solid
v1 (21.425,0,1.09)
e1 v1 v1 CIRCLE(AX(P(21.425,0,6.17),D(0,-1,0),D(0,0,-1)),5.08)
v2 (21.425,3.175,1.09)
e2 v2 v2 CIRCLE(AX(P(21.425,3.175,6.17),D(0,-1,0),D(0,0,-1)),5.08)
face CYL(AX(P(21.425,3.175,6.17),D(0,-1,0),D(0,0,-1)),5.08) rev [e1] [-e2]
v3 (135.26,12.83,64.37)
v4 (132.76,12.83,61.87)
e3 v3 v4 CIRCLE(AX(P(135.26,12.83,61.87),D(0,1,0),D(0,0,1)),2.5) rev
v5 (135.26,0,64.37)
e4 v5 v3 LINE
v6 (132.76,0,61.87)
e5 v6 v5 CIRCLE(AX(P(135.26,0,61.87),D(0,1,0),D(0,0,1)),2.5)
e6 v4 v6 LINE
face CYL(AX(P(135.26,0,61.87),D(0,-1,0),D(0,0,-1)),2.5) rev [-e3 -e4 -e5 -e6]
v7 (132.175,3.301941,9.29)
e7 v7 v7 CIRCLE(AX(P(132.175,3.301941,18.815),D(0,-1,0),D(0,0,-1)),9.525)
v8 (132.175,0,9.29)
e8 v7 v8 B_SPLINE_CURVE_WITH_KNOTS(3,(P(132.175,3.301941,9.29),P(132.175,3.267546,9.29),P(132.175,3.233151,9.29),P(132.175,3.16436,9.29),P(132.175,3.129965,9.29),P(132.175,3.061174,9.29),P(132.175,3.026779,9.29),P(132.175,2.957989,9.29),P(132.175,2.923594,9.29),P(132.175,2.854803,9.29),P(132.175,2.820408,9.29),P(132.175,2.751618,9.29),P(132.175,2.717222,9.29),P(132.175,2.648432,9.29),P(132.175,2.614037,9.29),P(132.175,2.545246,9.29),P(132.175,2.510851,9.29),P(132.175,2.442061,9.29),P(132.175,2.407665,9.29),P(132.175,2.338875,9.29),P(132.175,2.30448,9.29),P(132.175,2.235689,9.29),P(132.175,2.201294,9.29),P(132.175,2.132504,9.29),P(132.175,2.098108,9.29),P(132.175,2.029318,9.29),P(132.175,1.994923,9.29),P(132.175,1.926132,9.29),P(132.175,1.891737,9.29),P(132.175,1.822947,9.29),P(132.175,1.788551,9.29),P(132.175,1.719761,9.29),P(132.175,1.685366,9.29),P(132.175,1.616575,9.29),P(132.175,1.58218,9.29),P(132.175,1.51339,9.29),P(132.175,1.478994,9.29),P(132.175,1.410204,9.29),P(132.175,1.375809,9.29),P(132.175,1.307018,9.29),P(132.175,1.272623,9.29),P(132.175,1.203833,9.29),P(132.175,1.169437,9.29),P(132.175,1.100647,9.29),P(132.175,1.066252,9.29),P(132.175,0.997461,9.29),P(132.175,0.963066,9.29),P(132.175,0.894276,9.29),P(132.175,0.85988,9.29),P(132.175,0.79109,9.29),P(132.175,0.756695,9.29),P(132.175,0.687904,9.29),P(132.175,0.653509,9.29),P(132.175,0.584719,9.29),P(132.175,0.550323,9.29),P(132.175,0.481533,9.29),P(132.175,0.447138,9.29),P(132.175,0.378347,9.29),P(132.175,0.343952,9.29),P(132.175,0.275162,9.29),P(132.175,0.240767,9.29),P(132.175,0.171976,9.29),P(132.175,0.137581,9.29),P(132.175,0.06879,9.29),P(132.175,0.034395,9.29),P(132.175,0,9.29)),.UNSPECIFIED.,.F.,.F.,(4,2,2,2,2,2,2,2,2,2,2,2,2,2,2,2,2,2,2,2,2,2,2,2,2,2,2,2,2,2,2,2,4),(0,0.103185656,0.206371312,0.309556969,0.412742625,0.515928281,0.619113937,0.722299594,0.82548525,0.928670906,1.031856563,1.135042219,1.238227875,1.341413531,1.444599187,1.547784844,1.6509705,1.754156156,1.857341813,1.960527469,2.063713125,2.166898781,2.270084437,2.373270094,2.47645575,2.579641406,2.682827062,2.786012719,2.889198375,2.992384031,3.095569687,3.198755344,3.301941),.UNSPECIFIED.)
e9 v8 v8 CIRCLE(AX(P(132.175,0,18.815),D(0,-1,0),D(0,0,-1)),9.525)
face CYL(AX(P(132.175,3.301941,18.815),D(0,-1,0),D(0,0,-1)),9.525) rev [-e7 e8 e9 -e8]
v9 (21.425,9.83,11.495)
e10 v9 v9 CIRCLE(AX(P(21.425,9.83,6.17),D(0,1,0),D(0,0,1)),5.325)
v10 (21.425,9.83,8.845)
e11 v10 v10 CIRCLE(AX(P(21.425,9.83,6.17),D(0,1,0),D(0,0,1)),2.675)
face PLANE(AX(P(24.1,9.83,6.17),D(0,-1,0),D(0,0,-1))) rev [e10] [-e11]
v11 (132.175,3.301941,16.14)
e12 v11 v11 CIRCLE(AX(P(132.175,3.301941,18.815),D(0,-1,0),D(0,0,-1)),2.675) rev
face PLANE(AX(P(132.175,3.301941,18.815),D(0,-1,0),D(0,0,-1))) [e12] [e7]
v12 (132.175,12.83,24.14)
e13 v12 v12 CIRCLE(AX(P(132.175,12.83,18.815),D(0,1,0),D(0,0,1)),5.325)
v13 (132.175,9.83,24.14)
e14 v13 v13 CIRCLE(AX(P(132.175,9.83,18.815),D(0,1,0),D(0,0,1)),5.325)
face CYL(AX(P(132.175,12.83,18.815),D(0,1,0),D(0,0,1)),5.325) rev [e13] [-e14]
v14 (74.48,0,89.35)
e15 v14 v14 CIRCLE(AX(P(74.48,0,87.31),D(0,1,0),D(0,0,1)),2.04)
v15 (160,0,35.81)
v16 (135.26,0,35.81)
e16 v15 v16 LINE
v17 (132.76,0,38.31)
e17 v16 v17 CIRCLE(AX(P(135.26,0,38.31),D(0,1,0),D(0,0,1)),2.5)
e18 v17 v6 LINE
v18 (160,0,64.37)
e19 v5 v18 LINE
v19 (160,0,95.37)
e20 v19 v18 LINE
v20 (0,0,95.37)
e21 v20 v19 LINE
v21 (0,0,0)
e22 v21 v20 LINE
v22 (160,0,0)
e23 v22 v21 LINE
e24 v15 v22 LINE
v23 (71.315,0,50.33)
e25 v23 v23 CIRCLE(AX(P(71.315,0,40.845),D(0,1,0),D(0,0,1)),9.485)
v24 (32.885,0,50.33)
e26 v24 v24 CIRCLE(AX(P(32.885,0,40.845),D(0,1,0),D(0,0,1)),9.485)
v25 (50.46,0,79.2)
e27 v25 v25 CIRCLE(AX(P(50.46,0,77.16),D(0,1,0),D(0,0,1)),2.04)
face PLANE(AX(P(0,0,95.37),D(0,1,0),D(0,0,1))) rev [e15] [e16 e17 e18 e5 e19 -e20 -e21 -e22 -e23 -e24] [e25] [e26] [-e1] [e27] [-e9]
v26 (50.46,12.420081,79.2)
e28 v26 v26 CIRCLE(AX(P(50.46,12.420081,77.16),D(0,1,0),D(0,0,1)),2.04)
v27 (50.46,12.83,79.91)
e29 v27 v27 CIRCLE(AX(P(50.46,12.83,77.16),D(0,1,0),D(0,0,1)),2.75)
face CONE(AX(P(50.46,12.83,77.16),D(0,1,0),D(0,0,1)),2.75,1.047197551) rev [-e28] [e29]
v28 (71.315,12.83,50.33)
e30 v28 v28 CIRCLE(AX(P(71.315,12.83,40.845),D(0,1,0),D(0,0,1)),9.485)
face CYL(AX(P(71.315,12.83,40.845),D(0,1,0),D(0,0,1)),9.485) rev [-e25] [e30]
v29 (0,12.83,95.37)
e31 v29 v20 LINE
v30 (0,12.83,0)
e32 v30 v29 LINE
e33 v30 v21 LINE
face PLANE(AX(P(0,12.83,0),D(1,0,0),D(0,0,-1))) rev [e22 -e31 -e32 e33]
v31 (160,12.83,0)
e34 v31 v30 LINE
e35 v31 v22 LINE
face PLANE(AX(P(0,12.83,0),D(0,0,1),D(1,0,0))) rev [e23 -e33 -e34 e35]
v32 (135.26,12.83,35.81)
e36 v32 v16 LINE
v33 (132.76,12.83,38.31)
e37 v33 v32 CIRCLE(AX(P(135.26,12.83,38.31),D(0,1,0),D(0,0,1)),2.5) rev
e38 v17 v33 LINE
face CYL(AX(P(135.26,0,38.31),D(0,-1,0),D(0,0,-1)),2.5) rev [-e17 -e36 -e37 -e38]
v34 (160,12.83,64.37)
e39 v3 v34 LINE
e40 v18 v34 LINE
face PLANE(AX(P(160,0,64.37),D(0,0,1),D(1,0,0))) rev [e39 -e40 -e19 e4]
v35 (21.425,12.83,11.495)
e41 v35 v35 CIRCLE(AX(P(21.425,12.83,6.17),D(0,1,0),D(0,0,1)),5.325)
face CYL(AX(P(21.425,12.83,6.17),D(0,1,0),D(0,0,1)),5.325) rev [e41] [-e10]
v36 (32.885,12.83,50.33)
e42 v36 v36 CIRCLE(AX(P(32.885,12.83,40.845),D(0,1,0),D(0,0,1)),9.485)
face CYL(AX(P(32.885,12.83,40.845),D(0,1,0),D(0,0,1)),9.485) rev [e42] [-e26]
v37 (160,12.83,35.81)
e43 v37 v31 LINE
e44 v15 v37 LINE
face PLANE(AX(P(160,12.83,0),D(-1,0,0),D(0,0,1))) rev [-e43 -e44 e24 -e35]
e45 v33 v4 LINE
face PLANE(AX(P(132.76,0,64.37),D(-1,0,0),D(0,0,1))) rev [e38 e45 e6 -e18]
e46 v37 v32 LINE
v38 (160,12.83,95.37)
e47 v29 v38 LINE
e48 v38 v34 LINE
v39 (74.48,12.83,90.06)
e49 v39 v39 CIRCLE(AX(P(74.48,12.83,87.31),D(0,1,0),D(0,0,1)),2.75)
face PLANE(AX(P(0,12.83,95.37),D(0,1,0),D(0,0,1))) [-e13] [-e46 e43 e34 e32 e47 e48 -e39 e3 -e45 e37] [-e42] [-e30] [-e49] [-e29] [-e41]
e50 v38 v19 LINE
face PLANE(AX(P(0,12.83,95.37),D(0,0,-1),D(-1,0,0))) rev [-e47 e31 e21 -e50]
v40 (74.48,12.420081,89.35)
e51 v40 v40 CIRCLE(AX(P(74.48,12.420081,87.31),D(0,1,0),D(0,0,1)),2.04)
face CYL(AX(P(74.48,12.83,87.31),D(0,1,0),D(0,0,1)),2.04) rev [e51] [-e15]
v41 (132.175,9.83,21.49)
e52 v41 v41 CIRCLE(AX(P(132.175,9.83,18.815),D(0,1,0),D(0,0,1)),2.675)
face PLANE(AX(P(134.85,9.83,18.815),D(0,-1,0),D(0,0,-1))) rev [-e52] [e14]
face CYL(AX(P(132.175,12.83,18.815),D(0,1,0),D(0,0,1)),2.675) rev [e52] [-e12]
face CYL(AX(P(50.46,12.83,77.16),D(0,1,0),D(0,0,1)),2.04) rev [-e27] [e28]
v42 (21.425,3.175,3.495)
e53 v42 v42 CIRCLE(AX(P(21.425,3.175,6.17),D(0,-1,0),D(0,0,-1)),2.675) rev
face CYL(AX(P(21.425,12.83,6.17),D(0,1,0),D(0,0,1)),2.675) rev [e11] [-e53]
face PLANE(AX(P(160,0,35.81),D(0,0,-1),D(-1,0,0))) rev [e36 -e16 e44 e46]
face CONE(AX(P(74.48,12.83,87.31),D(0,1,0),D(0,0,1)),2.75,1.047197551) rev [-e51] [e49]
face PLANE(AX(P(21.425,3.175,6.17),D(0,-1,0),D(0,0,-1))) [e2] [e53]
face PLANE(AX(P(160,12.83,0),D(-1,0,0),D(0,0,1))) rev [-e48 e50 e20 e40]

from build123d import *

# Parameters (mm, degrees)
SKETCH1_W           = 160
SKETCH1_H           = 95.37
BOSS_EXTRUDE3_DEPTH = 12.83
HOLE1_D             = 18.97
SKETCH4_W           = 27.24
SKETCH4_H           = 28.56
CUT_EXTRUDE1_DEPTH  = 187.708451335
FILLET1_R           = 2.5
HOLE2_D             = 5.35
HOLE2_CBORE_D       = 10.65
HOLE2_CBORE_DEPTH   = 3
HOLE3_D             = 4.08
HOLE3_CSINK_D       = 5.5
HOLE3_CSINK_ANGLE   = 120
SKETCH10_R          = 9.525
CUT_EXTRUDE2_DEPTH  = 3.301941
SKETCH11_R          = 5.08
CUT_EXTRUDE3_DEPTH  = 3.175


with BuildPart() as part:
    # Sketch1 → Boss-Extrude3 (new body)
    with BuildSketch(Plane(origin=(0, 0, 0), x_dir=(1, 0, 0), z_dir=(0, 1, 0))):
        with Locations((80, -47.685)):
            Rectangle(SKETCH1_W, SKETCH1_H)
    extrude(amount=BOSS_EXTRUDE3_DEPTH)

    # Hole1 (through all)
    with Locations(Plane(origin=(0, 12.83, 0), x_dir=(-1, 0, 0), z_dir=(0, 1, 0))):
        with Locations((-32.885, 40.845), (-71.315, 40.845)):
            Hole(HOLE1_D / 2)

    # Sketch4 → Cut-Extrude1 (cut, through all)
    with BuildSketch(Plane(origin=(0, 12.83, 0), x_dir=(-1, 0, 0), z_dir=(0, 1, 0))):
        with Locations((-146.38, 50.09)):
            Rectangle(SKETCH4_W, SKETCH4_H)
    extrude(amount=-CUT_EXTRUDE1_DEPTH, mode=Mode.SUBTRACT)

    # Fillet1
    fillet1_edges = [part.edges().sort_by_distance(p)[0] for p in [
        (132.76, 6.415, 64.37),
        (132.76, 6.415, 35.81),
    ]]
    fillet(fillet1_edges, radius=FILLET1_R)

    # Hole2 (through all)
    with Locations(Plane(origin=(0, 12.83, 0), x_dir=(-1, 0, 0), z_dir=(0, 1, 0))):
        with Locations((-21.425, 6.17), (-132.175, 18.815)):
            CounterBoreHole(HOLE2_D / 2, HOLE2_CBORE_D / 2, HOLE2_CBORE_DEPTH)

    # Hole3 (through all)
    with Locations(Plane(origin=(0, 12.83, 0), x_dir=(-1, 0, 0), z_dir=(0, 1, 0))):
        with Locations((-50.46, 77.16), (-74.48, 87.31)):
            CounterSinkHole(HOLE3_D / 2, HOLE3_CSINK_D / 2, counter_sink_angle=HOLE3_CSINK_ANGLE)

    # Sketch10 → Cut-Extrude2 (cut)
    with BuildSketch(Plane.XZ):
        with Locations(Location((132.175, 18.815, 0), (0, 0, 270))):
            Circle(SKETCH10_R)
    extrude(amount=-CUT_EXTRUDE2_DEPTH, mode=Mode.SUBTRACT)

    # Sketch11 → Cut-Extrude3 (cut)
    with BuildSketch(Plane.XZ):
        with Locations(Location((21.425, 6.17, 0), (0, 0, 270))):
            Circle(SKETCH11_R)
    extrude(amount=-CUT_EXTRUDE3_DEPTH, mode=Mode.SUBTRACT)


solid = part.part
